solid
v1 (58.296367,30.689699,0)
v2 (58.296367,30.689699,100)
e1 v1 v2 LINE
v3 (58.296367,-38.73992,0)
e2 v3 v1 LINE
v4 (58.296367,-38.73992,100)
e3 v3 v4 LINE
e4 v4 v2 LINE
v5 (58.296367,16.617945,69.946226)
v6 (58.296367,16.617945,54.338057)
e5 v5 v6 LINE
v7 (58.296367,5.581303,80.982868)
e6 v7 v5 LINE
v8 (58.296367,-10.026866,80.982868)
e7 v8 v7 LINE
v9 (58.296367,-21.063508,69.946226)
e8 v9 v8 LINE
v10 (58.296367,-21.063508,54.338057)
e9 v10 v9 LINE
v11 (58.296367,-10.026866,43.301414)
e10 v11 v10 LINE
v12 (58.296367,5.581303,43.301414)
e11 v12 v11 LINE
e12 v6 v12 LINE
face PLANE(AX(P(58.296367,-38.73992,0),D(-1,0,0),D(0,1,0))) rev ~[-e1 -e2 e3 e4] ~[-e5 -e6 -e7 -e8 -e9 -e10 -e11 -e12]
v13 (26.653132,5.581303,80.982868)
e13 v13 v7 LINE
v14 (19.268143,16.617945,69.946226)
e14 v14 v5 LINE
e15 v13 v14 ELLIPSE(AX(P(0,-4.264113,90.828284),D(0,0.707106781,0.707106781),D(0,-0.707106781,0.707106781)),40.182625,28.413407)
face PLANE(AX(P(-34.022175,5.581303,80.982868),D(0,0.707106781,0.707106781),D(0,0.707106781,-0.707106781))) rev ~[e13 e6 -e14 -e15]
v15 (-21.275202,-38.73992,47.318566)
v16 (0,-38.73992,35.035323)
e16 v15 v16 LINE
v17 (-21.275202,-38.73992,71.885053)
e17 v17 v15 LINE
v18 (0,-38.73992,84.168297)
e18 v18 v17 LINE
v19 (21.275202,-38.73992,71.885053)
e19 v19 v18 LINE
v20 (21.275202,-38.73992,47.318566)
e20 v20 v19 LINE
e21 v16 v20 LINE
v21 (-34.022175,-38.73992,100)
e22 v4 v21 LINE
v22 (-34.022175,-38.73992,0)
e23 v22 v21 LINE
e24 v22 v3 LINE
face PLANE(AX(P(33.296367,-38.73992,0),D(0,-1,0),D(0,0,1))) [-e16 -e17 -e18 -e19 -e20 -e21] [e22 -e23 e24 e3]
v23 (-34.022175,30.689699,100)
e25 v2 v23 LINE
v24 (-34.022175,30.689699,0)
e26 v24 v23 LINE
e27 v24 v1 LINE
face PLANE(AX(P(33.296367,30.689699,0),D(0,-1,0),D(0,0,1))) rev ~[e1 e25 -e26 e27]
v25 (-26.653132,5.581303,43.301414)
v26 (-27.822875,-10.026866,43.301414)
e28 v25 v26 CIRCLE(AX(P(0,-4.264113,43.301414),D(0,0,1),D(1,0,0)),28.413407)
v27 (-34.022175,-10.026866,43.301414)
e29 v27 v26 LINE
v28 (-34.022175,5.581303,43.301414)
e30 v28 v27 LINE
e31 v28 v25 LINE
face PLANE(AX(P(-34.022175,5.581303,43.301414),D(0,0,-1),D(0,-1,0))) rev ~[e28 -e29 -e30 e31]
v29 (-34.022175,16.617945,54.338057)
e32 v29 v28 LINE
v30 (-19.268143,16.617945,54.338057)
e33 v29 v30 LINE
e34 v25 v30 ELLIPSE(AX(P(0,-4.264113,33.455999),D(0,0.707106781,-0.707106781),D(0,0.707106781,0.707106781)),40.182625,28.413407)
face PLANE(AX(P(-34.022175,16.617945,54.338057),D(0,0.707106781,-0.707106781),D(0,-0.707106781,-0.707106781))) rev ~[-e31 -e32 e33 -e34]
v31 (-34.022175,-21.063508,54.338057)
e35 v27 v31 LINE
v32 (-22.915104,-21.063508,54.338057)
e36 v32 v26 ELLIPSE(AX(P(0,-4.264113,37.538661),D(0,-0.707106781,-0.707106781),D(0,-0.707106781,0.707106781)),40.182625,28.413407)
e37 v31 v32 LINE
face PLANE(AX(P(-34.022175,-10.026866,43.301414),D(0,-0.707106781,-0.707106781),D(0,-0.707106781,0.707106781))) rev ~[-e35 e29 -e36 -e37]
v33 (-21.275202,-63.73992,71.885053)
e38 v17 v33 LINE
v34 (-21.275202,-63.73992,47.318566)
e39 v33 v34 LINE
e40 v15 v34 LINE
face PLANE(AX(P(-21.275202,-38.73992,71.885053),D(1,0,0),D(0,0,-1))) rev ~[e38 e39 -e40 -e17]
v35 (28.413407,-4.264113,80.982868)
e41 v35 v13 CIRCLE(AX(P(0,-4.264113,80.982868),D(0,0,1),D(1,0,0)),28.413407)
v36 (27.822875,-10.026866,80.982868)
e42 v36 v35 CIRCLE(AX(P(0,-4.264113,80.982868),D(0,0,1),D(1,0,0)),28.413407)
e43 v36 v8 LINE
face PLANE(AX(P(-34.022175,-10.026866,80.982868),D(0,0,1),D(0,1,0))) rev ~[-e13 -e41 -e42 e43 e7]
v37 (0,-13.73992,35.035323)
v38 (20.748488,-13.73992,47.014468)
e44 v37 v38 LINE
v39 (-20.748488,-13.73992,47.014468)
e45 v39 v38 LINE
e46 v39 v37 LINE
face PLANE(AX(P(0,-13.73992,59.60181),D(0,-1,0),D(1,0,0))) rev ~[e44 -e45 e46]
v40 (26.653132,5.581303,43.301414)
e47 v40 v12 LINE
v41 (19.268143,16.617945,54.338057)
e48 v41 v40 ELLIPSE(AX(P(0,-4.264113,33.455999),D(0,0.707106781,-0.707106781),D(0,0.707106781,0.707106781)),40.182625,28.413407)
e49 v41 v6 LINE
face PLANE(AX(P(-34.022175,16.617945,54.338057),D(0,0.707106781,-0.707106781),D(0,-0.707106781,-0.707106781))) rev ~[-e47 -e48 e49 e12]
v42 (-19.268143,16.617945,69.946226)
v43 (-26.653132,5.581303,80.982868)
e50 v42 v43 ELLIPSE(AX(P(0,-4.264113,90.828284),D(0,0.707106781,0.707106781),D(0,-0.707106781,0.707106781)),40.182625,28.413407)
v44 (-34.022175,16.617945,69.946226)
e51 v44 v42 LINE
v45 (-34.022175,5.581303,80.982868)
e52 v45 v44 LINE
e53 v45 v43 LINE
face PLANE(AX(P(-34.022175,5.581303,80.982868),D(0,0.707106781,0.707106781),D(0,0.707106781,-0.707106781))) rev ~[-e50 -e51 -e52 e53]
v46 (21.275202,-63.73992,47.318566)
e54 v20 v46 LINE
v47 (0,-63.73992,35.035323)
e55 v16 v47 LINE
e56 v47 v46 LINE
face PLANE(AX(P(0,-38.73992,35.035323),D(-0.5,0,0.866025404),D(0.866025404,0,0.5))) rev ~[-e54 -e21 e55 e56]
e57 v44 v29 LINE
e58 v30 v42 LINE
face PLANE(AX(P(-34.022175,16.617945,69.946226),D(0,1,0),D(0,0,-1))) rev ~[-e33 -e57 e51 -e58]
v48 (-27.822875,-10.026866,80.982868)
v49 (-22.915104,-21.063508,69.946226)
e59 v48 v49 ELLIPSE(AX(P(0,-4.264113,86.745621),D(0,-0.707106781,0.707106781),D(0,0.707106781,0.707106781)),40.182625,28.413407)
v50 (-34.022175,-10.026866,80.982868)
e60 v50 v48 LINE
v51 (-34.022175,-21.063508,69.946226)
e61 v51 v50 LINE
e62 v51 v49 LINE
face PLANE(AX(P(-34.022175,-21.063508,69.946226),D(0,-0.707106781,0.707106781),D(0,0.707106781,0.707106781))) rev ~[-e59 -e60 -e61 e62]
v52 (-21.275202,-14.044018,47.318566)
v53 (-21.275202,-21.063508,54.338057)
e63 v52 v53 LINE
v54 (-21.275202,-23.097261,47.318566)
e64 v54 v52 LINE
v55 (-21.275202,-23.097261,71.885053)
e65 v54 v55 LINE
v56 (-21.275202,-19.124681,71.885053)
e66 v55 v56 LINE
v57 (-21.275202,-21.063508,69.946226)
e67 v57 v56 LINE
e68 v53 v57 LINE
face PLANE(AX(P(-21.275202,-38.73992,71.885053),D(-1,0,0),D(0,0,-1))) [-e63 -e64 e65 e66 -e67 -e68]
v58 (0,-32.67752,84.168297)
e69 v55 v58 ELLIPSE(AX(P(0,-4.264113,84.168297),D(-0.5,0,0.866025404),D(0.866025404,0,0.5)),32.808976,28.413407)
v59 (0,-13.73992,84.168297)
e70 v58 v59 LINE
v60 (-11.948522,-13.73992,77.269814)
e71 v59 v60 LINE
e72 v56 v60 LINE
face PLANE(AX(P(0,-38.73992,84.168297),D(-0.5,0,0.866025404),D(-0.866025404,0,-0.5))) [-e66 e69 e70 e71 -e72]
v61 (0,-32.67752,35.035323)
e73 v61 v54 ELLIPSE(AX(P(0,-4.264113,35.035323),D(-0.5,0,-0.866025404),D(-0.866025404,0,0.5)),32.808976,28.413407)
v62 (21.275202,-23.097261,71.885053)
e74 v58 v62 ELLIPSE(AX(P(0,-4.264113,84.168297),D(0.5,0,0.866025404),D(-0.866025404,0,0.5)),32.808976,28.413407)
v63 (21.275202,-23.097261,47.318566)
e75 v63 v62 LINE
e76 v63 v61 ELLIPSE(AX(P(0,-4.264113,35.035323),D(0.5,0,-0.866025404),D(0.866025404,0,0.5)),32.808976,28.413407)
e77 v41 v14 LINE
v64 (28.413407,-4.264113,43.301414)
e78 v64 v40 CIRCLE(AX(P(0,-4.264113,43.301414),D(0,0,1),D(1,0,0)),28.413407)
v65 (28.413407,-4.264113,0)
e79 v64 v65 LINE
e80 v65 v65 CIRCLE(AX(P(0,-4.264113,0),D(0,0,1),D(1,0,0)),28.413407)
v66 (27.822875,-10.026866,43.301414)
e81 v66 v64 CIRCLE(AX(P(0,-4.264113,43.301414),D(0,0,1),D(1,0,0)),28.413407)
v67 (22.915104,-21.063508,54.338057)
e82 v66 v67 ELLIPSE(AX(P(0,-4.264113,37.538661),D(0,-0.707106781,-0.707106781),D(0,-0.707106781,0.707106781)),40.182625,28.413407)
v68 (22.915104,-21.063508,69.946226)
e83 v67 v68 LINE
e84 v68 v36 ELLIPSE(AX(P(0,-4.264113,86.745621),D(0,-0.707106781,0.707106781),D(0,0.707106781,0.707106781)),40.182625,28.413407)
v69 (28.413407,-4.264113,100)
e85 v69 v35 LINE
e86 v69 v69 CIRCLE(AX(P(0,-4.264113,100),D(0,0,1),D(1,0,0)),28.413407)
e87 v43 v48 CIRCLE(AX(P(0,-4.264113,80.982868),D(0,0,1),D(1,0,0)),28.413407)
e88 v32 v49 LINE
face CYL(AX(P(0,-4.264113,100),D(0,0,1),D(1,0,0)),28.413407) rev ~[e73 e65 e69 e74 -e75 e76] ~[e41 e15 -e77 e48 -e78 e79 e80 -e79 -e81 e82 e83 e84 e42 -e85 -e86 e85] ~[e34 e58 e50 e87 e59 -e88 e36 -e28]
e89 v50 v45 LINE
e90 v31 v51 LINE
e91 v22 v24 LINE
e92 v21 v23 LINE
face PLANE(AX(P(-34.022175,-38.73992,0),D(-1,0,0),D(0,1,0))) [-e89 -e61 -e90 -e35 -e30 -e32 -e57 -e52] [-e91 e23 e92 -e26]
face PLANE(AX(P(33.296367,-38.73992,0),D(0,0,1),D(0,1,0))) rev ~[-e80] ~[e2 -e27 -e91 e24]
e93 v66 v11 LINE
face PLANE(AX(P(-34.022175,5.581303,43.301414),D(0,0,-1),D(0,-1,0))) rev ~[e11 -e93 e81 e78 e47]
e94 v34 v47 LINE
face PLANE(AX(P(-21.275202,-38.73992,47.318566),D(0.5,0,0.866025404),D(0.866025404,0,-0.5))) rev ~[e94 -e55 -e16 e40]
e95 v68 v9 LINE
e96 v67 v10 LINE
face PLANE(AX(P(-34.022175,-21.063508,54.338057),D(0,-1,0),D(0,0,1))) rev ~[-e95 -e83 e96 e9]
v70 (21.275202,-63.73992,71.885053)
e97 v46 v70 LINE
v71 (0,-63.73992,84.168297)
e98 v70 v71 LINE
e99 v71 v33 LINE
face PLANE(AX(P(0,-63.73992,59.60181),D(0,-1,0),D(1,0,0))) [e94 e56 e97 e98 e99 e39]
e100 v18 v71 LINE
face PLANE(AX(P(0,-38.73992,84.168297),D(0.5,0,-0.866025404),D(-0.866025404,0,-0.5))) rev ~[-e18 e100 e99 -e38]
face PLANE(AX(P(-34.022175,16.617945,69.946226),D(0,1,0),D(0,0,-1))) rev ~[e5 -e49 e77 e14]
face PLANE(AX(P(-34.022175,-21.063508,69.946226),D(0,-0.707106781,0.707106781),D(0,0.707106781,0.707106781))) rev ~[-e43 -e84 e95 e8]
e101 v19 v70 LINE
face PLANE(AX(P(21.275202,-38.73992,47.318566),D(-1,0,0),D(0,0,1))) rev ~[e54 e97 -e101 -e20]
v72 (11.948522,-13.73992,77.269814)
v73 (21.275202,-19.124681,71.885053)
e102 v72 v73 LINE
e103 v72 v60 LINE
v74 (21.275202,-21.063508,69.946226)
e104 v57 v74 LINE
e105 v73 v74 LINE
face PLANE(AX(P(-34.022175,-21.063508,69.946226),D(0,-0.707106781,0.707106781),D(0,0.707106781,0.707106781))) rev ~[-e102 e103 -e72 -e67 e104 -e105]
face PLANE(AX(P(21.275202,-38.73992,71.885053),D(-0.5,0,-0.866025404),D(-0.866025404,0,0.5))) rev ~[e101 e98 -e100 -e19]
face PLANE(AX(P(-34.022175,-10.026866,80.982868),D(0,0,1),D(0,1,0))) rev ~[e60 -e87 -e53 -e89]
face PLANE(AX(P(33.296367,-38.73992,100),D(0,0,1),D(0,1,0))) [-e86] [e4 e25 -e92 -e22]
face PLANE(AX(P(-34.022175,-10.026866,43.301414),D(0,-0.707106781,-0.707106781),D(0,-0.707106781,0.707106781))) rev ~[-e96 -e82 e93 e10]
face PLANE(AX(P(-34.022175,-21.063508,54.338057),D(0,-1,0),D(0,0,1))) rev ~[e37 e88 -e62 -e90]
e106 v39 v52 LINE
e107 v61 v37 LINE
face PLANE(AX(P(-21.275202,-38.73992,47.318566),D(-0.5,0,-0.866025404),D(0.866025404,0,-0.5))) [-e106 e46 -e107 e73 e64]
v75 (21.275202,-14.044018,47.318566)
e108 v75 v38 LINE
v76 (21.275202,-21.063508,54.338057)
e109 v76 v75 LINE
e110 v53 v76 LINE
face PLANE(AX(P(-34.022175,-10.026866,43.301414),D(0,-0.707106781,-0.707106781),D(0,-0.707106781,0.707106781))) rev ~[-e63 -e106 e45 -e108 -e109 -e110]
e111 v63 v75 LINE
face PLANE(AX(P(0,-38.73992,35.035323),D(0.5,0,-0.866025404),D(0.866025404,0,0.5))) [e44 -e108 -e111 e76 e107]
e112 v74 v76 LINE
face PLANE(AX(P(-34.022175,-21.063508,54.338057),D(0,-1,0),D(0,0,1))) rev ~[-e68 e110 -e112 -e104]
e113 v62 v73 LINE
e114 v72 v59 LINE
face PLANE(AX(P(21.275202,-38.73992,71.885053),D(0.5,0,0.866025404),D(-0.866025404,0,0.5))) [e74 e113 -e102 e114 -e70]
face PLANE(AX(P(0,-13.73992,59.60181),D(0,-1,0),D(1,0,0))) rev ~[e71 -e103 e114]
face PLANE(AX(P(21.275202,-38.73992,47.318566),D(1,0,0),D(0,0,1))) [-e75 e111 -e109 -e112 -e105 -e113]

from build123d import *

# Parameters (mm, degrees)
F0_W          = 67.3185419291
F0_H          = 69.4296189758
F1_DEPTH      = 100
F2_R          = 28.4134065768
F3_DEPTH      = 100.001
F5_DEPTH      = 25
F5_DEPTH_BACK = 25
F6_DEPTH      = 25
F8_DEPTH      = 92.3195419291


with BuildPart() as f1:
    # F0 (on Top) → F1 (new body)
    with BuildSketch(Plane.XY):
        with Locations((-0.362903811, -4.0251101746)):
            Rectangle(F0_W, F0_H)
    extrude(amount=F1_DEPTH)

    # F2 (on face) → F3 (cut, through all)
    with BuildSketch(Plane.XY.offset(100)):
        with Locations((0, -4.2641130276)):
            Circle(F2_R)
    extrude(amount=-F3_DEPTH, mode=Mode.SUBTRACT)

    # F4 (on face) → F5 (join, two sides)
    with BuildSketch(Plane.XZ.offset(38.7399196625)) as f5_sk:
        Polygon((-21.2752018124, 71.8850533229), (-21.2752018124, 47.318566336), (0, 35.0353228426), (21.2752018124, 47.318566336), (21.2752018124, 71.8850533229), (0, 84.1682968164), align=None)
    extrude(amount=F5_DEPTH)
    extrude(f5_sk.sketch, amount=-F5_DEPTH_BACK)

    # F6 (add): a face of the model
    f6_faces = [f1.faces().sort_by_distance(p)[0] for p in [
        (33.2963671535, -4.0251101746, 50),
    ]]
    extrude(f6_faces, amount=F6_DEPTH)

    # F7 (on face) → F8 (cut, through all)
    with BuildSketch(Plane(origin=(-34.0221747756, 0, 0), x_dir=(0, -1, 0), z_dir=(-1, 0, 0))):
        Polygon((21.0635084659, 54.3380566401), (21.0635084659, 69.9462256865), (10.0268662913, 80.9828678612), (-5.5813027551, 80.9828678612), (-16.6179449297, 69.9462256865), (-16.6179449297, 54.3380566401), (-5.5813027551, 43.3014144655), (10.0268662913, 43.3014144655), align=None)
    extrude(amount=-F8_DEPTH, mode=Mode.SUBTRACT)


solid = f1.part
